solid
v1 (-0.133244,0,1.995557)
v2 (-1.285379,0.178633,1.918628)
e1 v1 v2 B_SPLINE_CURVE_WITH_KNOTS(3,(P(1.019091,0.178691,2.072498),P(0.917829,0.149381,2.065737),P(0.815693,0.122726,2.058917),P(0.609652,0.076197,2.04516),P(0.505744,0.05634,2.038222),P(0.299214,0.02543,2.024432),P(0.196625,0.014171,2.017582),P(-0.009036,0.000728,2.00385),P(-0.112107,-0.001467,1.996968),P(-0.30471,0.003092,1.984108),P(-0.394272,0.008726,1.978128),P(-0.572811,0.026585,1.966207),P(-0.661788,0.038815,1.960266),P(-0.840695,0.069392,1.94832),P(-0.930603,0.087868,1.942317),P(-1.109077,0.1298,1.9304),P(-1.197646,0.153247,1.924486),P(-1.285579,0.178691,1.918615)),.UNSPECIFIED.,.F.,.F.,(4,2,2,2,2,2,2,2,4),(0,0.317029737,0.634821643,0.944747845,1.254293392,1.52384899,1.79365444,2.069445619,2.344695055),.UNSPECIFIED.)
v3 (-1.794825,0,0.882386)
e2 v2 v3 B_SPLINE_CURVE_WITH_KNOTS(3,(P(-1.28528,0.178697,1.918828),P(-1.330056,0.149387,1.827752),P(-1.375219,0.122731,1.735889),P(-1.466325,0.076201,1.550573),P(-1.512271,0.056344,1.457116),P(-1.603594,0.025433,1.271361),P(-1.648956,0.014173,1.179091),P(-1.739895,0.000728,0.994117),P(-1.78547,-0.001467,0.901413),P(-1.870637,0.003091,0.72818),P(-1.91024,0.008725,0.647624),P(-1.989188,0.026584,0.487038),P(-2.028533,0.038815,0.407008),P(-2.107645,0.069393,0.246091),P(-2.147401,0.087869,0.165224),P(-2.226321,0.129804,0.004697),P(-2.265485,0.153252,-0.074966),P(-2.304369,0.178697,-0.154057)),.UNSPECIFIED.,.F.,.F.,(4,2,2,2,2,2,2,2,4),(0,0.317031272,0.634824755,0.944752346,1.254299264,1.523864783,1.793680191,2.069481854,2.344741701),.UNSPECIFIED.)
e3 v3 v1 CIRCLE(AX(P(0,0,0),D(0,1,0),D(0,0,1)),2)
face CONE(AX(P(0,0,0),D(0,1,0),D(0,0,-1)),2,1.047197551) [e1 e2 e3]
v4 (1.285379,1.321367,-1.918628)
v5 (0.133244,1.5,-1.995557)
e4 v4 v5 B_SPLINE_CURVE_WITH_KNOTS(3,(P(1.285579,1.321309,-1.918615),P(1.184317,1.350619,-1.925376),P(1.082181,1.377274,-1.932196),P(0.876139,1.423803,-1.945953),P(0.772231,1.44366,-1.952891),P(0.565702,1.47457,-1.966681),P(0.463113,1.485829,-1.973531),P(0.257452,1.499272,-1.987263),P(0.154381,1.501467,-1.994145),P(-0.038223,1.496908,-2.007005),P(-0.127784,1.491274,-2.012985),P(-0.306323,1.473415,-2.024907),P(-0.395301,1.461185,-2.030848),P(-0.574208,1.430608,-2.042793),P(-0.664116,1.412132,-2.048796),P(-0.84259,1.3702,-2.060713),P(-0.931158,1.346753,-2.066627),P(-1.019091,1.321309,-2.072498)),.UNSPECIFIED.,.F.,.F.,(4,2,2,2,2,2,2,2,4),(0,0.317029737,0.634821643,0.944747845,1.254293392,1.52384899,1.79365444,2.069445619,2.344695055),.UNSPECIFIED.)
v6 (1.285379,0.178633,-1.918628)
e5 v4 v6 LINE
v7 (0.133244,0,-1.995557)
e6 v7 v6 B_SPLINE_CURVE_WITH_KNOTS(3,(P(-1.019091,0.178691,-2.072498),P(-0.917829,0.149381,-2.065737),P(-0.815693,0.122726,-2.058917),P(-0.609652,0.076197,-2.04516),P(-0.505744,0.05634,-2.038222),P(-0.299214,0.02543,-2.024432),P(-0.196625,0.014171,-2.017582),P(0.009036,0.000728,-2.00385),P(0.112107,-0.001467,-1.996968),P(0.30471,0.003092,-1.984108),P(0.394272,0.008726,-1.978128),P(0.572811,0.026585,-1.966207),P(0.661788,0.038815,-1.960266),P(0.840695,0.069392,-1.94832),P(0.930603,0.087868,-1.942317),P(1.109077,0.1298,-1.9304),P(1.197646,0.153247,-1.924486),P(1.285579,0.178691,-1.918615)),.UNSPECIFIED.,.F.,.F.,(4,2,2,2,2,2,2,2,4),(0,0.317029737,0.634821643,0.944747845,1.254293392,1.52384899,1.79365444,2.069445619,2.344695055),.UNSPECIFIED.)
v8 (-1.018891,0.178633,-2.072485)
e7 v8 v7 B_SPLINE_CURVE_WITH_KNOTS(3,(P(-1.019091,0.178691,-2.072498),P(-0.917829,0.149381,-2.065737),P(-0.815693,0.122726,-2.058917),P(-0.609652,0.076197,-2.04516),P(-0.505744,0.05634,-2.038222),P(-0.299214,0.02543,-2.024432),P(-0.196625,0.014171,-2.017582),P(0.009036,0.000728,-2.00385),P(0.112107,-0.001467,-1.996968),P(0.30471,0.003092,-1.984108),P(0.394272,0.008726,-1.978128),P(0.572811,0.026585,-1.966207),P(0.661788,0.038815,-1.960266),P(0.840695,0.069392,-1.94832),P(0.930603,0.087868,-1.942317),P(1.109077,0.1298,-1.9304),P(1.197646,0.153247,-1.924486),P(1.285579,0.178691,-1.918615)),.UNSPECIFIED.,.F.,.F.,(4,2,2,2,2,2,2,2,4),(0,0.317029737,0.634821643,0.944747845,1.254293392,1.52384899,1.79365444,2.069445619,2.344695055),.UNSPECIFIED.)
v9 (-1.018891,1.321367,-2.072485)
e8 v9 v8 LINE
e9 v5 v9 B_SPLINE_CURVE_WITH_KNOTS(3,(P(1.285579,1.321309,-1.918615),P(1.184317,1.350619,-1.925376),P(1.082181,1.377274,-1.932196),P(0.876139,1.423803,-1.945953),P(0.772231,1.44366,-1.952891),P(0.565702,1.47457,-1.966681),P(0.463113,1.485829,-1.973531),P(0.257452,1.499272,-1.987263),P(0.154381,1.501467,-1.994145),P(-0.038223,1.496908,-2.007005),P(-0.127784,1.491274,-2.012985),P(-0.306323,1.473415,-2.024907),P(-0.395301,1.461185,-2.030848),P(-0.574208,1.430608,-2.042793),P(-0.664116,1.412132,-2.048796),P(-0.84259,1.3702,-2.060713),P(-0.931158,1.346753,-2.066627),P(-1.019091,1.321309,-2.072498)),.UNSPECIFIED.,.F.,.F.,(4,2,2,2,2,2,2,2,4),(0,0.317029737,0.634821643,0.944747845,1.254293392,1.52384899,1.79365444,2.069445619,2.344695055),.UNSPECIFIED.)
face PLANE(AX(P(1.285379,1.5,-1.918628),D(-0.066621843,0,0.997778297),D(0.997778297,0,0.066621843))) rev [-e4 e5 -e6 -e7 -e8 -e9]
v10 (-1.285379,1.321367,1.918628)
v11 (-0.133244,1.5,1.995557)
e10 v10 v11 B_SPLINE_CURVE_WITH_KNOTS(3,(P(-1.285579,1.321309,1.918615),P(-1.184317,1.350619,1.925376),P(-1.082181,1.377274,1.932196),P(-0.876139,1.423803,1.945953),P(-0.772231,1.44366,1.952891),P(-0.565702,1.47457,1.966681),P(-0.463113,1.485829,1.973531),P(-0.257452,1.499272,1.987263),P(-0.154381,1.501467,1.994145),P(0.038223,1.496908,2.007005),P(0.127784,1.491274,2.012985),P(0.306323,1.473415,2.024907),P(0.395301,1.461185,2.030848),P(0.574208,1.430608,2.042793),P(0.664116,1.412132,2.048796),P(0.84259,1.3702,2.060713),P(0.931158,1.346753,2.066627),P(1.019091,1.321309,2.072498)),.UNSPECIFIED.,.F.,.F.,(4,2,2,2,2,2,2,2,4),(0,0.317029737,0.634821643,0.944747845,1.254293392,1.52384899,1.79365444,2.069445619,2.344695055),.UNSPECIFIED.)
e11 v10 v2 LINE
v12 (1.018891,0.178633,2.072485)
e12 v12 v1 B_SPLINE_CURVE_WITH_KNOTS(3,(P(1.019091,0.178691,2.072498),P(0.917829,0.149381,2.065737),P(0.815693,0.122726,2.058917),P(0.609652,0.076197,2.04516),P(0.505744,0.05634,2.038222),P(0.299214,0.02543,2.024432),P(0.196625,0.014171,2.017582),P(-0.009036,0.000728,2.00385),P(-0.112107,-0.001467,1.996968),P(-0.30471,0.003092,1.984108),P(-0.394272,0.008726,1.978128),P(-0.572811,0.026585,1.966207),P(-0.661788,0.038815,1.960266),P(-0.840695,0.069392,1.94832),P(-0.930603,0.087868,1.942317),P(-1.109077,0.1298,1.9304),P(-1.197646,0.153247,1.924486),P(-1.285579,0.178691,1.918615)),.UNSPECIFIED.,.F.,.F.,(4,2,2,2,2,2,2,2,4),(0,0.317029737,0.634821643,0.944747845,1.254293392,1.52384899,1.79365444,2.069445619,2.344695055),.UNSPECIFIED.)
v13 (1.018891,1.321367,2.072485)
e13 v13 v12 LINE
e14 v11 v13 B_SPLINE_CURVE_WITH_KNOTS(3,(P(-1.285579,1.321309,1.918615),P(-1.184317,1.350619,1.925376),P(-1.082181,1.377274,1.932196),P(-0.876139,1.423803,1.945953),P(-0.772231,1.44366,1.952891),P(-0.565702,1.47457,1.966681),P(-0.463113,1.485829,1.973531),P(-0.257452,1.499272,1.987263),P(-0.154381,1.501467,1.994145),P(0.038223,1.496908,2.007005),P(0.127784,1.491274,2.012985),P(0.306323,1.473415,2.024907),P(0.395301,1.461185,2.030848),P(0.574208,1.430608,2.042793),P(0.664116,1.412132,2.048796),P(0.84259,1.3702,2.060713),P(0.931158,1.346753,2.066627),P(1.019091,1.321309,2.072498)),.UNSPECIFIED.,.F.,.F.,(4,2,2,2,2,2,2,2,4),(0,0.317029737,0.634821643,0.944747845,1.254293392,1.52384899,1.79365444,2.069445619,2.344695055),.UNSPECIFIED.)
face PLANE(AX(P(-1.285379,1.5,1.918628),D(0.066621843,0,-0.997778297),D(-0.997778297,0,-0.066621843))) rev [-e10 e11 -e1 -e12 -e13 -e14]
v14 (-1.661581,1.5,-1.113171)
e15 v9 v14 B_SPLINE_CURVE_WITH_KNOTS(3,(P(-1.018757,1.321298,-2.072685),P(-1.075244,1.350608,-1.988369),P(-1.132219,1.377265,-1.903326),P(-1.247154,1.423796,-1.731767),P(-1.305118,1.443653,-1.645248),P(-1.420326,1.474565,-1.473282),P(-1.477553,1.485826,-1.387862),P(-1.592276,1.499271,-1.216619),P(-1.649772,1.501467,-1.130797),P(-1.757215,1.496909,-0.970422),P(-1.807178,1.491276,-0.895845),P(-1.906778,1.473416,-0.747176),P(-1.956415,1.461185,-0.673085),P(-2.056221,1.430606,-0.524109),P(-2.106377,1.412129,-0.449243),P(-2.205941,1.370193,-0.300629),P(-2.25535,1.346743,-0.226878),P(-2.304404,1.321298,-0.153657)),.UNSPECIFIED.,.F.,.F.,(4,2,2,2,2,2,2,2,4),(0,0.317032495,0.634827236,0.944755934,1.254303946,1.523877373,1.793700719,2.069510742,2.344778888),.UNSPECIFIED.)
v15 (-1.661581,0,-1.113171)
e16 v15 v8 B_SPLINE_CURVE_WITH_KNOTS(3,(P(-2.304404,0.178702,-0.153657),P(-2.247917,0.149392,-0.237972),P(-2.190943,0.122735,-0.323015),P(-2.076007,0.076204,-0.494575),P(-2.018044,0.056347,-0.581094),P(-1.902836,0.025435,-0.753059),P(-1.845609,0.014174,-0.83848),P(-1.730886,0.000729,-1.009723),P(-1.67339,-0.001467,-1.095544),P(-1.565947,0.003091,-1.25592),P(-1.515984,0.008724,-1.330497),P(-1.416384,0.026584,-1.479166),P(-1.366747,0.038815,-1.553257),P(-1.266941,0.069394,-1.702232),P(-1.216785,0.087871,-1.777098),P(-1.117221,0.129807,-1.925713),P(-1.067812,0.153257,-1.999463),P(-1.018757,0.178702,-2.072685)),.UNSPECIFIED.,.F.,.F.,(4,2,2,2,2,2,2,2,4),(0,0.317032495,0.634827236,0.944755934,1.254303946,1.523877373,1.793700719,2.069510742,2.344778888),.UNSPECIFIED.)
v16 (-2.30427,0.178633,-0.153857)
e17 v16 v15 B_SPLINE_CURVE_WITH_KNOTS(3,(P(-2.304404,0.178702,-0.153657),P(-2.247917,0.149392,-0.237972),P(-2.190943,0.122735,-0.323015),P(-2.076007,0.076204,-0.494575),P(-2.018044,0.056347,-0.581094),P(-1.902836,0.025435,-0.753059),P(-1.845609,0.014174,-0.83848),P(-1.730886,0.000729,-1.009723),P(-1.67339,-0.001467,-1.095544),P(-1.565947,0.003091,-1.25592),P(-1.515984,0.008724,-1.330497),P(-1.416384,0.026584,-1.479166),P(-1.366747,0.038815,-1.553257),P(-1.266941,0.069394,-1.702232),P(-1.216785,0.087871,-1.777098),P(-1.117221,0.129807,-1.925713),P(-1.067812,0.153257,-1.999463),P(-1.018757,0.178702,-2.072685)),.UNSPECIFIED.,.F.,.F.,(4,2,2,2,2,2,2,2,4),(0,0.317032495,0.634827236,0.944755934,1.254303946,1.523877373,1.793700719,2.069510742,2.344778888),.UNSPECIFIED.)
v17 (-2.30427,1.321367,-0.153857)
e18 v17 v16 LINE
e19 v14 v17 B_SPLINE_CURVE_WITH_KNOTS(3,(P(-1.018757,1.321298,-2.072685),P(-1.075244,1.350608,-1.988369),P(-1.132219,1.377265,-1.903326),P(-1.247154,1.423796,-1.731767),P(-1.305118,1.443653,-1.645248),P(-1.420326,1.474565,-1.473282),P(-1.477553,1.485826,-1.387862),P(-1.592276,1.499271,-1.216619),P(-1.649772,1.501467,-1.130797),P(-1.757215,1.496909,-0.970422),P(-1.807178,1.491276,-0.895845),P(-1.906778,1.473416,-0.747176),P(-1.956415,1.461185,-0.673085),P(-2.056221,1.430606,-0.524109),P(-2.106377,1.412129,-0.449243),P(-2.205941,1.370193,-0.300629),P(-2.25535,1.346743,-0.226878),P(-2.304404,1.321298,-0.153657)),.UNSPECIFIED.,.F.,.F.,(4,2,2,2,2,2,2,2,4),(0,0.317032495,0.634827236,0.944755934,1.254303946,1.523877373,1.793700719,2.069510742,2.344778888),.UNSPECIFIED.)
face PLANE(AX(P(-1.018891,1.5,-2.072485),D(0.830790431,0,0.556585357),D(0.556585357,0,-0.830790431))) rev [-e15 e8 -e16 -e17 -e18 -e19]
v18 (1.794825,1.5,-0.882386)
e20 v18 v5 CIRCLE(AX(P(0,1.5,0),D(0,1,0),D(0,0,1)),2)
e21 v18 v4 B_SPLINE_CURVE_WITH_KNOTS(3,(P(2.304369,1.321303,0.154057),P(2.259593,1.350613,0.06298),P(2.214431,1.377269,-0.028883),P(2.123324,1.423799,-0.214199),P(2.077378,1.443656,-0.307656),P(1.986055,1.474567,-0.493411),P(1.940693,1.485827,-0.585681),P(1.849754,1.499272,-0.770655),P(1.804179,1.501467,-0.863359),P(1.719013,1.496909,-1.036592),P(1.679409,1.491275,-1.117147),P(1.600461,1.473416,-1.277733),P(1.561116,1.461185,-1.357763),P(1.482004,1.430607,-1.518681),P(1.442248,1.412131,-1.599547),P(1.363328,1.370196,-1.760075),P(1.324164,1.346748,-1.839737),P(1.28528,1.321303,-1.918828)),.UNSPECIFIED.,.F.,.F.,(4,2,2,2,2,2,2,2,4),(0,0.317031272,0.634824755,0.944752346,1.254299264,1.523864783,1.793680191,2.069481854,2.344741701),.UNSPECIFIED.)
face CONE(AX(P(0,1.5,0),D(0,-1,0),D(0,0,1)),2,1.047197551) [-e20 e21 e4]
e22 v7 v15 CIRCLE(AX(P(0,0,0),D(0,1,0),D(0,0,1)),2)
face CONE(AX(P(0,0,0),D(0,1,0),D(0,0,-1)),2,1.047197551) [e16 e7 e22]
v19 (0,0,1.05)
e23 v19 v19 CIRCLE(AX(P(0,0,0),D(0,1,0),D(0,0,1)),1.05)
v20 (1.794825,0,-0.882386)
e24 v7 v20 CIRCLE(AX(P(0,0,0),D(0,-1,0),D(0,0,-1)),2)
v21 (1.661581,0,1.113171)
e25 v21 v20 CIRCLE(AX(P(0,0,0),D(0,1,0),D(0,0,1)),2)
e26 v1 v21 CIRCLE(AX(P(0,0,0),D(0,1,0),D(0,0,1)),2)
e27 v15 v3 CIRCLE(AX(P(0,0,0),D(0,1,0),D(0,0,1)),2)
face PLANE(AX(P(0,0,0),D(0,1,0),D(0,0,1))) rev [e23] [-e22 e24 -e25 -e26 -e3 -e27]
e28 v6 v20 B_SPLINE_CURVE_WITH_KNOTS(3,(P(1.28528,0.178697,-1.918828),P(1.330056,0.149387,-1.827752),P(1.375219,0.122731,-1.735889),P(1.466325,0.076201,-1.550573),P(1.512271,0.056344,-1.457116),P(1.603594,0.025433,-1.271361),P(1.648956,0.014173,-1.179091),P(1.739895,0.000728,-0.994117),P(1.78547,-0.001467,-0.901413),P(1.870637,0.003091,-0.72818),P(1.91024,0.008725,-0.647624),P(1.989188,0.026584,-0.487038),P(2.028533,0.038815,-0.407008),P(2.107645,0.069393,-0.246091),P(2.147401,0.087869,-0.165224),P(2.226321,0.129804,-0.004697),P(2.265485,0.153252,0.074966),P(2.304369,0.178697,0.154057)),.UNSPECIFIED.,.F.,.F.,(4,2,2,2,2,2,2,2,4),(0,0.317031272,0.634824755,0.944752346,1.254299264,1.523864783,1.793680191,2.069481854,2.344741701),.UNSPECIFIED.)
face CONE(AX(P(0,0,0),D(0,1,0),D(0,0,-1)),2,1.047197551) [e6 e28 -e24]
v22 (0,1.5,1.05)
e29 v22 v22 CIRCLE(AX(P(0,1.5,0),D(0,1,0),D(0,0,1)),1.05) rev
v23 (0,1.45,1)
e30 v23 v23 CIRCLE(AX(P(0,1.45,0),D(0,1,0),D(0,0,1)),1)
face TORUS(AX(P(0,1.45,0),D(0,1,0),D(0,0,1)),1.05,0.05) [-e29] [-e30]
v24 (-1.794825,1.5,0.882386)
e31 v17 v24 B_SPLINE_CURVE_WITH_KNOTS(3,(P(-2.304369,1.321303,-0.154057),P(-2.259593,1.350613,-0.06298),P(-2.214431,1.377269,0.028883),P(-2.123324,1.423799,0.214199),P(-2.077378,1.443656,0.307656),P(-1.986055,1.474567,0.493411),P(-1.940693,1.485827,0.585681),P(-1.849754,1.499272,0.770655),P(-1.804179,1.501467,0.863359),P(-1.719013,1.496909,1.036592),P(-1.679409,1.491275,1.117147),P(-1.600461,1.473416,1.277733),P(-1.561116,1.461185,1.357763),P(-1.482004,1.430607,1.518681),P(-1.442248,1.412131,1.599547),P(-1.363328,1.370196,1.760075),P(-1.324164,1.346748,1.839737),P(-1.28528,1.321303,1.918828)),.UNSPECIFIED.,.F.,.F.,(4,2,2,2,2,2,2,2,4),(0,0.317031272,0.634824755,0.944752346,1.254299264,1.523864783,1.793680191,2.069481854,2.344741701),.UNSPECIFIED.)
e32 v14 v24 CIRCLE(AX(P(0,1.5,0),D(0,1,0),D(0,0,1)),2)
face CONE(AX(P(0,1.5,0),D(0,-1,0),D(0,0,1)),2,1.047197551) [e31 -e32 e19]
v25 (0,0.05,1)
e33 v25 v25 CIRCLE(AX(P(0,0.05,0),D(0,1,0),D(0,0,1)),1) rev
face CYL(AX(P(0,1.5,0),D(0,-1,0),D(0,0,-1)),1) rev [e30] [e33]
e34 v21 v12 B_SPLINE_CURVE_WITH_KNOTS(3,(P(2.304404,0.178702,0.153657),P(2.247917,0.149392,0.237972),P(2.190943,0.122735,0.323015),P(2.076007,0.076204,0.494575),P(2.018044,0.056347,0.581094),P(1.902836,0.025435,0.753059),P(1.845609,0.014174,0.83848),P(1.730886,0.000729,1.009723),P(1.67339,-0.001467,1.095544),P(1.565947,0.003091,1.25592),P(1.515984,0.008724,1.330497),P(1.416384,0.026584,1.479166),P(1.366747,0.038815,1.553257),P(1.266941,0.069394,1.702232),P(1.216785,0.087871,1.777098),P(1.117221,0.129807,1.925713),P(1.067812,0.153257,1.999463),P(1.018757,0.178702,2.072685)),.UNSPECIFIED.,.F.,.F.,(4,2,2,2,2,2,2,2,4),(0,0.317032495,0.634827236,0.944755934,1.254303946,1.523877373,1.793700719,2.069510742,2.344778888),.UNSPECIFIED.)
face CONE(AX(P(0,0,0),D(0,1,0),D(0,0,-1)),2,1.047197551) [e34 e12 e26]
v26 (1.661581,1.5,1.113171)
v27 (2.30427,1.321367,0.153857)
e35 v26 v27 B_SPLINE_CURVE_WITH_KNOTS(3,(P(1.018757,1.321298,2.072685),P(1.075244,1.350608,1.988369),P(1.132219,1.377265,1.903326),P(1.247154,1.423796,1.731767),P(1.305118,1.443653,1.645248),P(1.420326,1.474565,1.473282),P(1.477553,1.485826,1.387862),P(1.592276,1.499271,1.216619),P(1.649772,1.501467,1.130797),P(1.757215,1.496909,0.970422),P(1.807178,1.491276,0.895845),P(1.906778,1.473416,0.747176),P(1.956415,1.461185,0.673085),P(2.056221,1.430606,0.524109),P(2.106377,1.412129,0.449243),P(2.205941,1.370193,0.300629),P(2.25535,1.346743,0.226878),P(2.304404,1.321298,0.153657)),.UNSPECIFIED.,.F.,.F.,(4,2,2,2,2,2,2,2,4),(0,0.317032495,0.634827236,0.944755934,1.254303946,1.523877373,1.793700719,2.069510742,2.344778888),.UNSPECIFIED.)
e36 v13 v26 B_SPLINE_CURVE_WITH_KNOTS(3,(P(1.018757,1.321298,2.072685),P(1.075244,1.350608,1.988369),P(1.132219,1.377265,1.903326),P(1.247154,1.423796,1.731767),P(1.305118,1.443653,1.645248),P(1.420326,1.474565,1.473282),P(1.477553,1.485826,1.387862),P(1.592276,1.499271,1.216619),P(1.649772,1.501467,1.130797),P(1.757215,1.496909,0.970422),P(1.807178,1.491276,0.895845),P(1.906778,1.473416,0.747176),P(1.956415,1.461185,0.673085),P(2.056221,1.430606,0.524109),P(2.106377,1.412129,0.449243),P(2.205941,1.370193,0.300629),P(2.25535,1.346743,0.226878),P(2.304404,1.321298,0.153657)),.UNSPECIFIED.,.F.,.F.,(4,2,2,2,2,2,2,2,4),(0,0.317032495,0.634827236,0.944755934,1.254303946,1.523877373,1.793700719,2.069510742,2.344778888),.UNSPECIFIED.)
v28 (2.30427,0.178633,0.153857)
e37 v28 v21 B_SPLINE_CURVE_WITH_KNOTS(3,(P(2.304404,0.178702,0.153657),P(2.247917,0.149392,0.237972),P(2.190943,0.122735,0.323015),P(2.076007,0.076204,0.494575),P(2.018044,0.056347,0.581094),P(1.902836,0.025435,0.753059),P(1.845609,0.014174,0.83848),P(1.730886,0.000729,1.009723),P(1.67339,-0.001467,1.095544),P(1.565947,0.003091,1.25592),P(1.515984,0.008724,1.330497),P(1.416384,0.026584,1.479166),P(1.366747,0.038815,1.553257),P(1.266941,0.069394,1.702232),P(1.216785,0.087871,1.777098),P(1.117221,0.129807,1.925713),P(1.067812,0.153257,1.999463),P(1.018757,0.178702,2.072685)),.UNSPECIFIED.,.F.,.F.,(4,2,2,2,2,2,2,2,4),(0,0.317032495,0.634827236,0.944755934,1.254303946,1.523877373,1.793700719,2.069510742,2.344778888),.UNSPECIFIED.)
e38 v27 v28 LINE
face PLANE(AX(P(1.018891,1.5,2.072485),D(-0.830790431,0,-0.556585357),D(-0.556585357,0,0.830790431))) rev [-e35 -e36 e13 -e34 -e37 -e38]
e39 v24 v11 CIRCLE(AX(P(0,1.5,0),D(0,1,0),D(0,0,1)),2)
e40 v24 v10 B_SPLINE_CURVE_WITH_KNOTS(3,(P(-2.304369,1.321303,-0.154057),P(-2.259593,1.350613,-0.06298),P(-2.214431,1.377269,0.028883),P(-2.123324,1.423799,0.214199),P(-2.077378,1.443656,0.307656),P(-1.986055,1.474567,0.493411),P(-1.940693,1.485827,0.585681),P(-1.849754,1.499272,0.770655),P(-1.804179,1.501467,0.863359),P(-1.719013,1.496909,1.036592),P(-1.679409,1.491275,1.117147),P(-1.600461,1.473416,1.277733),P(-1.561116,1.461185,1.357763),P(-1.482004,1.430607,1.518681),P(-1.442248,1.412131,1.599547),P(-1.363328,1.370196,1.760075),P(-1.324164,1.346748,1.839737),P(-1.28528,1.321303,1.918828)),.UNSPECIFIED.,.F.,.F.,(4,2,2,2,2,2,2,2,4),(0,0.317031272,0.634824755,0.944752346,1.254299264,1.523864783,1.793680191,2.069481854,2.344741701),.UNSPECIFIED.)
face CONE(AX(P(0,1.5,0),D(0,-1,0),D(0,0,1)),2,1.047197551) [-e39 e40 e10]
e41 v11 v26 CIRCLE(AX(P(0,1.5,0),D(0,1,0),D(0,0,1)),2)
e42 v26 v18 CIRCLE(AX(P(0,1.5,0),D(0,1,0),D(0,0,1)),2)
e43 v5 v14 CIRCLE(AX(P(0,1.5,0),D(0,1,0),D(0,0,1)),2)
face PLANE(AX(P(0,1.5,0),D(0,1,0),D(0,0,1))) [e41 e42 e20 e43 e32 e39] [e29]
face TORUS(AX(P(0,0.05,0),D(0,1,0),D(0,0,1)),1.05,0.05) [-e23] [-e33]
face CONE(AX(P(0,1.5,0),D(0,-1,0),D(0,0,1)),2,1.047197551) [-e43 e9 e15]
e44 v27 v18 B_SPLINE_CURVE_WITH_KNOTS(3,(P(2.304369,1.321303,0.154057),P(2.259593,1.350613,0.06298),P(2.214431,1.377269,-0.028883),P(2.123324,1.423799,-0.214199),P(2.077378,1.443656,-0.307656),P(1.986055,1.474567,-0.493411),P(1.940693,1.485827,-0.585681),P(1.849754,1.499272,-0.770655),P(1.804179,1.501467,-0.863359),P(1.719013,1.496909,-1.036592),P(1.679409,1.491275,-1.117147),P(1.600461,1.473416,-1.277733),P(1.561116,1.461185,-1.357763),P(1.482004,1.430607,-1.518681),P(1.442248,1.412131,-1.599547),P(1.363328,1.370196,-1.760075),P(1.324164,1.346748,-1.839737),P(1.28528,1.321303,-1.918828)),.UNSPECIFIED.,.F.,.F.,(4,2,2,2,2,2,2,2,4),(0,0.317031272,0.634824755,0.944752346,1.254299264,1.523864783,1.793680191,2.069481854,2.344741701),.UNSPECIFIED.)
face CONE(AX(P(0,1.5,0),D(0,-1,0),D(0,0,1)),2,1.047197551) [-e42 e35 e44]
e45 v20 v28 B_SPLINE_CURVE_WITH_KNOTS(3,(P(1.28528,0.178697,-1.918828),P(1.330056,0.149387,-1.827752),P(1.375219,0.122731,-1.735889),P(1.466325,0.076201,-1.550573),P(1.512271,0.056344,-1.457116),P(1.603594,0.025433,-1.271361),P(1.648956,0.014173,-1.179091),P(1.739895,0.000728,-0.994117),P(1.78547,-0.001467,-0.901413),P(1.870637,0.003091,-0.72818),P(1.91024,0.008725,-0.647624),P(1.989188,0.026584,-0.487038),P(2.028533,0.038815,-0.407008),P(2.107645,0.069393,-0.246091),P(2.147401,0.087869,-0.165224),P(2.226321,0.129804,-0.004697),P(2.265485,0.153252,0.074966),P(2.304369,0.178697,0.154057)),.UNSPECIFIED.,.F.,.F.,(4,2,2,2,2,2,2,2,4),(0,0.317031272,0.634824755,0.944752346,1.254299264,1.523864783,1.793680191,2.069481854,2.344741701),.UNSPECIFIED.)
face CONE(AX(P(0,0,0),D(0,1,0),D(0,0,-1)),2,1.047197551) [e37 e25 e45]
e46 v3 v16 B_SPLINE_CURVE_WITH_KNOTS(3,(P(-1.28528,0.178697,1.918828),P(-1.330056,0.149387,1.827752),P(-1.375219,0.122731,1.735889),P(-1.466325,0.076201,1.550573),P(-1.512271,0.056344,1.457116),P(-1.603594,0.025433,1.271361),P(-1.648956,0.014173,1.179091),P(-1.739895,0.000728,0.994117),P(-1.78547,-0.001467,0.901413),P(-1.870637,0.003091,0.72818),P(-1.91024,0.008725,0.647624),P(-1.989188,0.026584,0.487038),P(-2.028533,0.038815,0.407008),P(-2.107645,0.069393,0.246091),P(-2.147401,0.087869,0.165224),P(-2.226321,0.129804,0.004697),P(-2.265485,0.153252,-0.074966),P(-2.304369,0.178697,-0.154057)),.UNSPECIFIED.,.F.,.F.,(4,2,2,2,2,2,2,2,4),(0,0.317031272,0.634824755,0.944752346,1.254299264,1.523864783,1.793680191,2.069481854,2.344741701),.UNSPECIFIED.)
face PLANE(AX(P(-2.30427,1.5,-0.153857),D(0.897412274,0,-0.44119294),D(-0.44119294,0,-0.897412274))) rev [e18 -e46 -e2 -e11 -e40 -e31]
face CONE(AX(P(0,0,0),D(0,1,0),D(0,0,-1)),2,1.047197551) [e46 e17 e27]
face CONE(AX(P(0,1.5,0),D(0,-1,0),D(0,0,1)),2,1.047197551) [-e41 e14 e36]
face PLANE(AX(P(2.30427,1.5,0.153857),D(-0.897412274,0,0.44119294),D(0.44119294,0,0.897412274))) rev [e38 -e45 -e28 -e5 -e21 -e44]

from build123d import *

# Parameters (mm, degrees)
SKETCH1_R           = 1
BOSS_EXTRUDE1_DEPTH = 1.5
SKETCH2_OUTSIDE_W   = 14.812
SKETCH2_OUTSIDE_H   = 14.348
SKETCH2_OUTSIDE_R   = 2
CUT_EXTRUDE1_DEPTH  = 2
CUT_EXTRUDE1_TAPER  = 60
SKETCH3_OUTSIDE_W   = 14.812
SKETCH3_OUTSIDE_H   = 14.348
SKETCH3_OUTSIDE_R   = 2
CUT_EXTRUDE2_DEPTH  = 2
CUT_EXTRUDE2_TAPER  = 60
FILLET1_R           = 0.05


with BuildPart() as part:
    # Sketch1 → Boss-Extrude1 (new body)
    with BuildSketch(Plane(origin=(0, 0, 0), x_dir=(1, 0, 0), z_dir=(0, 1, 0))):
        Polygon((-2.304270274, 0.153856556), (-1.285378822, -1.918628316), (1.018891451, -2.072484872), (2.304270274, -0.153856556), (1.285378822, 1.918628316), (-1.018891451, 2.072484872), align=None)
        Circle(SKETCH1_R, mode=Mode.SUBTRACT)
    extrude(amount=BOSS_EXTRUDE1_DEPTH)

    # Sketch2 outside → Cut-Extrude1 (cut)
    with BuildSketch(Plane(origin=(0, 1.5, 0), x_dir=(1, 0, 0), z_dir=(0, 1, 0))):
        Rectangle(SKETCH2_OUTSIDE_W, SKETCH2_OUTSIDE_H)
        Circle(SKETCH2_OUTSIDE_R, mode=Mode.SUBTRACT)
    extrude(amount=-CUT_EXTRUDE1_DEPTH, taper=CUT_EXTRUDE1_TAPER, mode=Mode.SUBTRACT)

    # Sketch3 outside → Cut-Extrude2 (cut)
    with BuildSketch(Plane.XZ):
        Rectangle(SKETCH3_OUTSIDE_W, SKETCH3_OUTSIDE_H)
        Circle(SKETCH3_OUTSIDE_R, mode=Mode.SUBTRACT)
    extrude(amount=-CUT_EXTRUDE2_DEPTH, taper=CUT_EXTRUDE2_TAPER, mode=Mode.SUBTRACT)

    # Fillet1
    fillet1_edges = [part.edges().sort_by_distance(p)[0] for p in [
        (-1, 0, 0),
        (-1, 1.5, 0),
    ]]
    fillet(fillet1_edges, radius=FILLET1_R)


solid = part.part
